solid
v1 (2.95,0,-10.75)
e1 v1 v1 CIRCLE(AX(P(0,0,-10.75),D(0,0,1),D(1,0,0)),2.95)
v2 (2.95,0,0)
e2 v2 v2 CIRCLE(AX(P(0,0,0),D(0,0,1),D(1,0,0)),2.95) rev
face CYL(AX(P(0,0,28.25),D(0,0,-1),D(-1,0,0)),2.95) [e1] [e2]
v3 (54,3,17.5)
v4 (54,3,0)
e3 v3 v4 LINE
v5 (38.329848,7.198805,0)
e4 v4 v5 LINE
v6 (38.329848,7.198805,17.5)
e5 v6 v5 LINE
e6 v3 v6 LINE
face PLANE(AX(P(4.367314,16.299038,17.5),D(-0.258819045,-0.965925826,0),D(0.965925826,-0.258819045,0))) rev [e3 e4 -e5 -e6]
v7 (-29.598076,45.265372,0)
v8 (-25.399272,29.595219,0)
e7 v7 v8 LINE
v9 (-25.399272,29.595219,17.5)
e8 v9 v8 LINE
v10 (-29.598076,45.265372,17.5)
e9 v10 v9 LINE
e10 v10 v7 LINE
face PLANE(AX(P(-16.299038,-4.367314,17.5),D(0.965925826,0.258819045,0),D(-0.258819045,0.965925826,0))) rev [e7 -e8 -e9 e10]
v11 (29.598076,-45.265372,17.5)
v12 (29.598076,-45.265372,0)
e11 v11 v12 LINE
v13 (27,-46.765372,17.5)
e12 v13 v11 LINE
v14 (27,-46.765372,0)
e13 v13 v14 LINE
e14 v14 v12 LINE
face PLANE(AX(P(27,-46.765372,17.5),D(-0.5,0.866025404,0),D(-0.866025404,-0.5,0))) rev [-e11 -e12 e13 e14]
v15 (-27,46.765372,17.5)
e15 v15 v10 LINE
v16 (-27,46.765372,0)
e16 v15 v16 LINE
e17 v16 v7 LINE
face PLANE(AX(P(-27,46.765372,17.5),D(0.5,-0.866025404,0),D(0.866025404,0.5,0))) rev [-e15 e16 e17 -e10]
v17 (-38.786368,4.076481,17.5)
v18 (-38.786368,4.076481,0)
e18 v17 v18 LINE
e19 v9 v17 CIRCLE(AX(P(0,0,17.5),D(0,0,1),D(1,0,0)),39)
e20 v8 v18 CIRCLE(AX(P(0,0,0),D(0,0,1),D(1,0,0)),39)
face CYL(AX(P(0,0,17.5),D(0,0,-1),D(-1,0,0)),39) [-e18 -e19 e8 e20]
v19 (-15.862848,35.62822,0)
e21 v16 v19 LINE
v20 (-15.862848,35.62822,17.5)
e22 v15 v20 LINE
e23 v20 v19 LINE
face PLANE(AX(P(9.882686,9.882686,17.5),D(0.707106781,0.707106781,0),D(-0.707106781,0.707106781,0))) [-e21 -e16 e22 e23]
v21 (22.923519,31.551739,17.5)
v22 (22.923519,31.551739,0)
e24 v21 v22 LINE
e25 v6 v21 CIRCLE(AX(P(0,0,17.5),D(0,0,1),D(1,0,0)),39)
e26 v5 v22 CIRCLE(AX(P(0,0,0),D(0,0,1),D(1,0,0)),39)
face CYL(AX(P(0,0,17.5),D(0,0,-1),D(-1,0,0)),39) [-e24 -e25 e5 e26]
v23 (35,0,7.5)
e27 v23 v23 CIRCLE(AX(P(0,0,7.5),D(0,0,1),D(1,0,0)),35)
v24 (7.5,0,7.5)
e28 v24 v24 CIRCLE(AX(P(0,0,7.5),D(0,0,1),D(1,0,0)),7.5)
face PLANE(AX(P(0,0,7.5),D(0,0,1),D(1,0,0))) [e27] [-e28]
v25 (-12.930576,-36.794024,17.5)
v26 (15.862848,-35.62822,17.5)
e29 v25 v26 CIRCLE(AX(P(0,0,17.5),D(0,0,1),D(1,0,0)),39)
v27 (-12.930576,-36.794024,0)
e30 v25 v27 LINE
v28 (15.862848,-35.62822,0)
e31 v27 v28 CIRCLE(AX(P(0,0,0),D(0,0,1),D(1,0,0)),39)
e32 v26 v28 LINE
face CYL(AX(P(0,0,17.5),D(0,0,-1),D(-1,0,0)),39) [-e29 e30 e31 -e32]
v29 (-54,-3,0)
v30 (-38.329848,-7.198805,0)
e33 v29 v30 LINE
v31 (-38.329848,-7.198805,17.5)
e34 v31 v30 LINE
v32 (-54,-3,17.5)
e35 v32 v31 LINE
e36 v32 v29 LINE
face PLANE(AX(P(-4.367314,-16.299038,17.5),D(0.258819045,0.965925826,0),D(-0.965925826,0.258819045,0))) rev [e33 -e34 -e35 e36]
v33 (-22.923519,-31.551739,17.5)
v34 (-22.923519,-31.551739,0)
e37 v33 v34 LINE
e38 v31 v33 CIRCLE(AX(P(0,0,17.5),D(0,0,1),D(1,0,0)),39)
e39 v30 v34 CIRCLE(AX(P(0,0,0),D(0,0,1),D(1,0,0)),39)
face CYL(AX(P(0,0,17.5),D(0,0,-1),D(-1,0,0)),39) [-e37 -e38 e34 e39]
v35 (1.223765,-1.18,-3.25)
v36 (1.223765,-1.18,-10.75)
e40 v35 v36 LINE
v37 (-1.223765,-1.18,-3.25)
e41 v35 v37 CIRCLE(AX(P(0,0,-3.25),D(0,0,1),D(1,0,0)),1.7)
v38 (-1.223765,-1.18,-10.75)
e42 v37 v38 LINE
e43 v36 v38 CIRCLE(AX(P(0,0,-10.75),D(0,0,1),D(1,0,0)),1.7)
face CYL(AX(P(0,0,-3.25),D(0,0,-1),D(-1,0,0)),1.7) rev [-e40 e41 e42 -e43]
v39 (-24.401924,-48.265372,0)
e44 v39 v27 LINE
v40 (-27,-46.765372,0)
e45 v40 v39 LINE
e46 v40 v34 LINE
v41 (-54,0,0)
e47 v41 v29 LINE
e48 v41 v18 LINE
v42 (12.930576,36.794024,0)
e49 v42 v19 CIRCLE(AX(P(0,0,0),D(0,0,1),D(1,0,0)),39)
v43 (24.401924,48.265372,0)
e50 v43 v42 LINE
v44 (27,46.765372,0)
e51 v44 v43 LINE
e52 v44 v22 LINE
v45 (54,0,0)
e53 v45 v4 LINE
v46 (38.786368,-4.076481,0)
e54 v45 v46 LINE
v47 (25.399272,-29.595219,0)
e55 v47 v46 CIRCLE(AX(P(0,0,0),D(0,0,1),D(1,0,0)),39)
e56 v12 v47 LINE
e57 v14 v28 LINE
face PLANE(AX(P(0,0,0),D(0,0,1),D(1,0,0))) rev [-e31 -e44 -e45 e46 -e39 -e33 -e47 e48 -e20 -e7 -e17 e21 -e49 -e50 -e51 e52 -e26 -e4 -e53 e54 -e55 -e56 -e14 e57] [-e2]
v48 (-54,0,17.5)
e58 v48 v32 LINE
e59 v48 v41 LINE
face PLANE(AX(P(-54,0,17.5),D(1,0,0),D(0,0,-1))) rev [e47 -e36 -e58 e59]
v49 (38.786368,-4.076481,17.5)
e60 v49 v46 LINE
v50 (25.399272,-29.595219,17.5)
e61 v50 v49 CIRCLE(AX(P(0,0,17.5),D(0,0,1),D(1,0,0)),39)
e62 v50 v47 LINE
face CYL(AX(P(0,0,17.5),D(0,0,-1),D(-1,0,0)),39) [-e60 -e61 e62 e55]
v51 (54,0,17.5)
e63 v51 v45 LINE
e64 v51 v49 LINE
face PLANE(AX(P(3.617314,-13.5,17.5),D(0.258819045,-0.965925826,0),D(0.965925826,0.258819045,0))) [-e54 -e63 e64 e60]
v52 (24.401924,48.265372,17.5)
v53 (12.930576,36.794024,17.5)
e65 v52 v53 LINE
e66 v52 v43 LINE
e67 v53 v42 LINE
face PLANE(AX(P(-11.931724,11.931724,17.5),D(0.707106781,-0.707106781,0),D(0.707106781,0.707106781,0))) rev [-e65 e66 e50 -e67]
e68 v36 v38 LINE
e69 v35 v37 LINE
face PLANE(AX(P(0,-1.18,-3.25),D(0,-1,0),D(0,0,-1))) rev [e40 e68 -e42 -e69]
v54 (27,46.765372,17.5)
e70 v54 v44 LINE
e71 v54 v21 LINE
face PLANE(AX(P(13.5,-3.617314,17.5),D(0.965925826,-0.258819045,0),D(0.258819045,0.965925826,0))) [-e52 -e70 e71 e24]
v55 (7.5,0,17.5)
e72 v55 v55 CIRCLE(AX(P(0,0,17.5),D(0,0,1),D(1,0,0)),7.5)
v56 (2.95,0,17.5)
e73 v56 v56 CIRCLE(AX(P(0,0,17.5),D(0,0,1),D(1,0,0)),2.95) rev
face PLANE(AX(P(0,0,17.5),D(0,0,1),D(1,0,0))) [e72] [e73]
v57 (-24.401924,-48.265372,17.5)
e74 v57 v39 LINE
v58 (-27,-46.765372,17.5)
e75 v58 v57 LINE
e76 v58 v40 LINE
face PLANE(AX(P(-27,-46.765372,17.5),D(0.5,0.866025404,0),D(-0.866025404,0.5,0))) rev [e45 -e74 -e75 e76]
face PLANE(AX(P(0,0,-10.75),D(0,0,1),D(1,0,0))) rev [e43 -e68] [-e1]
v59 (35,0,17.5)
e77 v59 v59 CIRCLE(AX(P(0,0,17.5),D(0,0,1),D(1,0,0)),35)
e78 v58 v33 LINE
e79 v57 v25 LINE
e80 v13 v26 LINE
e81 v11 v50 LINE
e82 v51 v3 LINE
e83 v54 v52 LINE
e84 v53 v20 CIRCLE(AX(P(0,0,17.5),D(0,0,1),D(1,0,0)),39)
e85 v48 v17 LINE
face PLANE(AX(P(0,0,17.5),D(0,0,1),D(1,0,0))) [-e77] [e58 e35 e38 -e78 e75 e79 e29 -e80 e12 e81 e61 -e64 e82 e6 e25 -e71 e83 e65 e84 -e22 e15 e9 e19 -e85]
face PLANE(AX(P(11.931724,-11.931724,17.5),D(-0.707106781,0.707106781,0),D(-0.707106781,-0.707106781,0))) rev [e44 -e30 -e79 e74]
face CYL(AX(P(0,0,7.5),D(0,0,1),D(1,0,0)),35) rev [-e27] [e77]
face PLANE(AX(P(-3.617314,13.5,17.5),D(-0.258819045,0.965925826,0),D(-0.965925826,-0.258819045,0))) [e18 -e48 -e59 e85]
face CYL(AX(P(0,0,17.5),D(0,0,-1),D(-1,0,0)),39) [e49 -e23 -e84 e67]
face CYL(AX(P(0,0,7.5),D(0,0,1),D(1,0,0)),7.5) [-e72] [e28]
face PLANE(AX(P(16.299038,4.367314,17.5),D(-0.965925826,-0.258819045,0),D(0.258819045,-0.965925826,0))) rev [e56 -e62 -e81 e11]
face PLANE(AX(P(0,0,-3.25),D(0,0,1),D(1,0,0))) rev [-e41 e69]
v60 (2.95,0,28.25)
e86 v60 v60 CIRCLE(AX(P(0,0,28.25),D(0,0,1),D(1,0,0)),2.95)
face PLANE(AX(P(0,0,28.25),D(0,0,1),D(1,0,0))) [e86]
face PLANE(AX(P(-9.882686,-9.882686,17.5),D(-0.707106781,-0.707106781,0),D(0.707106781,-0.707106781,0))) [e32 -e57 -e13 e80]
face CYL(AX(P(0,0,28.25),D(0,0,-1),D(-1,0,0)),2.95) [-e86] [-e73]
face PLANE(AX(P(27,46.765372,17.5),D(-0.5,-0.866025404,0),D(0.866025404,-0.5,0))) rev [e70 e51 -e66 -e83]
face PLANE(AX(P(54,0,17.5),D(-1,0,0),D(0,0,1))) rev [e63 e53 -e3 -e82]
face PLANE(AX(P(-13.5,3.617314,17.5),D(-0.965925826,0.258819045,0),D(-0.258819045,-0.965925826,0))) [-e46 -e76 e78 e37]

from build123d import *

# Parameters (mm, degrees)
SKETCH1_R                = 39
BOSS_EXTRUDE1_DEPTH      = 17.5
BOSS_EXTRUDE5_DEPTH      = 10.75
BOSS_EXTRUDE5_DEPTH_BACK = 28.25
SKETCH3_R                = 2.95
CUT_EXTRUDE1_START       = 10.75
CUT_EXTRUDE1_DEPTH       = 7.5
CIRPATTERN1_COUNT        = 6
SKETCH4_R                = 35
SKETCH4_R_2              = 7.5
CUT_EXTRUDE2_DEPTH       = 10


with BuildPart() as part:
    # Sketch1 → Boss-Extrude1 (new body)
    with BuildSketch(Plane.XY):
        Circle(SKETCH1_R)
        with BuildLine():
            Line((-54, 0), (-54, -3))
            Line((-54, -3), (-38.329847519, -7.198804702))
            ThreePointArc((-38.329847519, -7.198804702), (-38.968072448, -1.577760972), (-38.786367534, 4.076480533))
            Line((-38.786367534, 4.076480533), (-54, 0))
        make_face()
        with BuildLine():
            ThreePointArc((-38.786367534, 4.076480533), (-38.968072448, -1.577760972), (-38.329847519, -7.198804702))
            ThreePointArc((-38.329847519, -7.198804702), (3.614965197, -38.832100466), (39, 0))
            ThreePointArc((39, 0), (2.041037259, 38.946555264), (-38.786367534, 4.076480533))
        make_face()
    boss_extrude1 = extrude(amount=BOSS_EXTRUDE1_DEPTH)

    # Sketch3 → Boss-Extrude5 (add, two sides: drawn at the far end of the back side and taken through both)
    with BuildSketch(Plane.XY.offset(17.5).offset(-BOSS_EXTRUDE5_DEPTH_BACK)):
        Circle(SKETCH3_R)
    extrude(amount=BOSS_EXTRUDE5_DEPTH + BOSS_EXTRUDE5_DEPTH_BACK)

    # Sketch2 → Cut-Extrude1 (cut)
    with BuildSketch(Plane(origin=(0, 0, 0), x_dir=(-1, 0, 0), z_dir=(0, 0, -1)).offset(CUT_EXTRUDE1_START)):
        with BuildLine():
            Line((-1.223764683, -1.18), (1.223764683, -1.18))
            ThreePointArc((1.223764683, -1.18), (0, 1.7), (-1.223764683, -1.18))
        make_face()
    extrude(amount=-CUT_EXTRUDE1_DEPTH, mode=Mode.SUBTRACT)

    # CirPattern1: Boss-Extrude1 ×6 about axis
    cirpattern1_axis = Axis((0, 0, 0), (0, 0, 1))
    for i in range(1, CIRPATTERN1_COUNT):
        add(boss_extrude1.rotate(cirpattern1_axis, i * 360 / CIRPATTERN1_COUNT))

    # Sketch4 → Cut-Extrude2 (cut)
    with BuildSketch(Plane.XY.offset(17.5)):
        Circle(SKETCH4_R)
        Circle(SKETCH4_R_2, mode=Mode.SUBTRACT)
    extrude(amount=-CUT_EXTRUDE2_DEPTH, mode=Mode.SUBTRACT)


solid = part.part
